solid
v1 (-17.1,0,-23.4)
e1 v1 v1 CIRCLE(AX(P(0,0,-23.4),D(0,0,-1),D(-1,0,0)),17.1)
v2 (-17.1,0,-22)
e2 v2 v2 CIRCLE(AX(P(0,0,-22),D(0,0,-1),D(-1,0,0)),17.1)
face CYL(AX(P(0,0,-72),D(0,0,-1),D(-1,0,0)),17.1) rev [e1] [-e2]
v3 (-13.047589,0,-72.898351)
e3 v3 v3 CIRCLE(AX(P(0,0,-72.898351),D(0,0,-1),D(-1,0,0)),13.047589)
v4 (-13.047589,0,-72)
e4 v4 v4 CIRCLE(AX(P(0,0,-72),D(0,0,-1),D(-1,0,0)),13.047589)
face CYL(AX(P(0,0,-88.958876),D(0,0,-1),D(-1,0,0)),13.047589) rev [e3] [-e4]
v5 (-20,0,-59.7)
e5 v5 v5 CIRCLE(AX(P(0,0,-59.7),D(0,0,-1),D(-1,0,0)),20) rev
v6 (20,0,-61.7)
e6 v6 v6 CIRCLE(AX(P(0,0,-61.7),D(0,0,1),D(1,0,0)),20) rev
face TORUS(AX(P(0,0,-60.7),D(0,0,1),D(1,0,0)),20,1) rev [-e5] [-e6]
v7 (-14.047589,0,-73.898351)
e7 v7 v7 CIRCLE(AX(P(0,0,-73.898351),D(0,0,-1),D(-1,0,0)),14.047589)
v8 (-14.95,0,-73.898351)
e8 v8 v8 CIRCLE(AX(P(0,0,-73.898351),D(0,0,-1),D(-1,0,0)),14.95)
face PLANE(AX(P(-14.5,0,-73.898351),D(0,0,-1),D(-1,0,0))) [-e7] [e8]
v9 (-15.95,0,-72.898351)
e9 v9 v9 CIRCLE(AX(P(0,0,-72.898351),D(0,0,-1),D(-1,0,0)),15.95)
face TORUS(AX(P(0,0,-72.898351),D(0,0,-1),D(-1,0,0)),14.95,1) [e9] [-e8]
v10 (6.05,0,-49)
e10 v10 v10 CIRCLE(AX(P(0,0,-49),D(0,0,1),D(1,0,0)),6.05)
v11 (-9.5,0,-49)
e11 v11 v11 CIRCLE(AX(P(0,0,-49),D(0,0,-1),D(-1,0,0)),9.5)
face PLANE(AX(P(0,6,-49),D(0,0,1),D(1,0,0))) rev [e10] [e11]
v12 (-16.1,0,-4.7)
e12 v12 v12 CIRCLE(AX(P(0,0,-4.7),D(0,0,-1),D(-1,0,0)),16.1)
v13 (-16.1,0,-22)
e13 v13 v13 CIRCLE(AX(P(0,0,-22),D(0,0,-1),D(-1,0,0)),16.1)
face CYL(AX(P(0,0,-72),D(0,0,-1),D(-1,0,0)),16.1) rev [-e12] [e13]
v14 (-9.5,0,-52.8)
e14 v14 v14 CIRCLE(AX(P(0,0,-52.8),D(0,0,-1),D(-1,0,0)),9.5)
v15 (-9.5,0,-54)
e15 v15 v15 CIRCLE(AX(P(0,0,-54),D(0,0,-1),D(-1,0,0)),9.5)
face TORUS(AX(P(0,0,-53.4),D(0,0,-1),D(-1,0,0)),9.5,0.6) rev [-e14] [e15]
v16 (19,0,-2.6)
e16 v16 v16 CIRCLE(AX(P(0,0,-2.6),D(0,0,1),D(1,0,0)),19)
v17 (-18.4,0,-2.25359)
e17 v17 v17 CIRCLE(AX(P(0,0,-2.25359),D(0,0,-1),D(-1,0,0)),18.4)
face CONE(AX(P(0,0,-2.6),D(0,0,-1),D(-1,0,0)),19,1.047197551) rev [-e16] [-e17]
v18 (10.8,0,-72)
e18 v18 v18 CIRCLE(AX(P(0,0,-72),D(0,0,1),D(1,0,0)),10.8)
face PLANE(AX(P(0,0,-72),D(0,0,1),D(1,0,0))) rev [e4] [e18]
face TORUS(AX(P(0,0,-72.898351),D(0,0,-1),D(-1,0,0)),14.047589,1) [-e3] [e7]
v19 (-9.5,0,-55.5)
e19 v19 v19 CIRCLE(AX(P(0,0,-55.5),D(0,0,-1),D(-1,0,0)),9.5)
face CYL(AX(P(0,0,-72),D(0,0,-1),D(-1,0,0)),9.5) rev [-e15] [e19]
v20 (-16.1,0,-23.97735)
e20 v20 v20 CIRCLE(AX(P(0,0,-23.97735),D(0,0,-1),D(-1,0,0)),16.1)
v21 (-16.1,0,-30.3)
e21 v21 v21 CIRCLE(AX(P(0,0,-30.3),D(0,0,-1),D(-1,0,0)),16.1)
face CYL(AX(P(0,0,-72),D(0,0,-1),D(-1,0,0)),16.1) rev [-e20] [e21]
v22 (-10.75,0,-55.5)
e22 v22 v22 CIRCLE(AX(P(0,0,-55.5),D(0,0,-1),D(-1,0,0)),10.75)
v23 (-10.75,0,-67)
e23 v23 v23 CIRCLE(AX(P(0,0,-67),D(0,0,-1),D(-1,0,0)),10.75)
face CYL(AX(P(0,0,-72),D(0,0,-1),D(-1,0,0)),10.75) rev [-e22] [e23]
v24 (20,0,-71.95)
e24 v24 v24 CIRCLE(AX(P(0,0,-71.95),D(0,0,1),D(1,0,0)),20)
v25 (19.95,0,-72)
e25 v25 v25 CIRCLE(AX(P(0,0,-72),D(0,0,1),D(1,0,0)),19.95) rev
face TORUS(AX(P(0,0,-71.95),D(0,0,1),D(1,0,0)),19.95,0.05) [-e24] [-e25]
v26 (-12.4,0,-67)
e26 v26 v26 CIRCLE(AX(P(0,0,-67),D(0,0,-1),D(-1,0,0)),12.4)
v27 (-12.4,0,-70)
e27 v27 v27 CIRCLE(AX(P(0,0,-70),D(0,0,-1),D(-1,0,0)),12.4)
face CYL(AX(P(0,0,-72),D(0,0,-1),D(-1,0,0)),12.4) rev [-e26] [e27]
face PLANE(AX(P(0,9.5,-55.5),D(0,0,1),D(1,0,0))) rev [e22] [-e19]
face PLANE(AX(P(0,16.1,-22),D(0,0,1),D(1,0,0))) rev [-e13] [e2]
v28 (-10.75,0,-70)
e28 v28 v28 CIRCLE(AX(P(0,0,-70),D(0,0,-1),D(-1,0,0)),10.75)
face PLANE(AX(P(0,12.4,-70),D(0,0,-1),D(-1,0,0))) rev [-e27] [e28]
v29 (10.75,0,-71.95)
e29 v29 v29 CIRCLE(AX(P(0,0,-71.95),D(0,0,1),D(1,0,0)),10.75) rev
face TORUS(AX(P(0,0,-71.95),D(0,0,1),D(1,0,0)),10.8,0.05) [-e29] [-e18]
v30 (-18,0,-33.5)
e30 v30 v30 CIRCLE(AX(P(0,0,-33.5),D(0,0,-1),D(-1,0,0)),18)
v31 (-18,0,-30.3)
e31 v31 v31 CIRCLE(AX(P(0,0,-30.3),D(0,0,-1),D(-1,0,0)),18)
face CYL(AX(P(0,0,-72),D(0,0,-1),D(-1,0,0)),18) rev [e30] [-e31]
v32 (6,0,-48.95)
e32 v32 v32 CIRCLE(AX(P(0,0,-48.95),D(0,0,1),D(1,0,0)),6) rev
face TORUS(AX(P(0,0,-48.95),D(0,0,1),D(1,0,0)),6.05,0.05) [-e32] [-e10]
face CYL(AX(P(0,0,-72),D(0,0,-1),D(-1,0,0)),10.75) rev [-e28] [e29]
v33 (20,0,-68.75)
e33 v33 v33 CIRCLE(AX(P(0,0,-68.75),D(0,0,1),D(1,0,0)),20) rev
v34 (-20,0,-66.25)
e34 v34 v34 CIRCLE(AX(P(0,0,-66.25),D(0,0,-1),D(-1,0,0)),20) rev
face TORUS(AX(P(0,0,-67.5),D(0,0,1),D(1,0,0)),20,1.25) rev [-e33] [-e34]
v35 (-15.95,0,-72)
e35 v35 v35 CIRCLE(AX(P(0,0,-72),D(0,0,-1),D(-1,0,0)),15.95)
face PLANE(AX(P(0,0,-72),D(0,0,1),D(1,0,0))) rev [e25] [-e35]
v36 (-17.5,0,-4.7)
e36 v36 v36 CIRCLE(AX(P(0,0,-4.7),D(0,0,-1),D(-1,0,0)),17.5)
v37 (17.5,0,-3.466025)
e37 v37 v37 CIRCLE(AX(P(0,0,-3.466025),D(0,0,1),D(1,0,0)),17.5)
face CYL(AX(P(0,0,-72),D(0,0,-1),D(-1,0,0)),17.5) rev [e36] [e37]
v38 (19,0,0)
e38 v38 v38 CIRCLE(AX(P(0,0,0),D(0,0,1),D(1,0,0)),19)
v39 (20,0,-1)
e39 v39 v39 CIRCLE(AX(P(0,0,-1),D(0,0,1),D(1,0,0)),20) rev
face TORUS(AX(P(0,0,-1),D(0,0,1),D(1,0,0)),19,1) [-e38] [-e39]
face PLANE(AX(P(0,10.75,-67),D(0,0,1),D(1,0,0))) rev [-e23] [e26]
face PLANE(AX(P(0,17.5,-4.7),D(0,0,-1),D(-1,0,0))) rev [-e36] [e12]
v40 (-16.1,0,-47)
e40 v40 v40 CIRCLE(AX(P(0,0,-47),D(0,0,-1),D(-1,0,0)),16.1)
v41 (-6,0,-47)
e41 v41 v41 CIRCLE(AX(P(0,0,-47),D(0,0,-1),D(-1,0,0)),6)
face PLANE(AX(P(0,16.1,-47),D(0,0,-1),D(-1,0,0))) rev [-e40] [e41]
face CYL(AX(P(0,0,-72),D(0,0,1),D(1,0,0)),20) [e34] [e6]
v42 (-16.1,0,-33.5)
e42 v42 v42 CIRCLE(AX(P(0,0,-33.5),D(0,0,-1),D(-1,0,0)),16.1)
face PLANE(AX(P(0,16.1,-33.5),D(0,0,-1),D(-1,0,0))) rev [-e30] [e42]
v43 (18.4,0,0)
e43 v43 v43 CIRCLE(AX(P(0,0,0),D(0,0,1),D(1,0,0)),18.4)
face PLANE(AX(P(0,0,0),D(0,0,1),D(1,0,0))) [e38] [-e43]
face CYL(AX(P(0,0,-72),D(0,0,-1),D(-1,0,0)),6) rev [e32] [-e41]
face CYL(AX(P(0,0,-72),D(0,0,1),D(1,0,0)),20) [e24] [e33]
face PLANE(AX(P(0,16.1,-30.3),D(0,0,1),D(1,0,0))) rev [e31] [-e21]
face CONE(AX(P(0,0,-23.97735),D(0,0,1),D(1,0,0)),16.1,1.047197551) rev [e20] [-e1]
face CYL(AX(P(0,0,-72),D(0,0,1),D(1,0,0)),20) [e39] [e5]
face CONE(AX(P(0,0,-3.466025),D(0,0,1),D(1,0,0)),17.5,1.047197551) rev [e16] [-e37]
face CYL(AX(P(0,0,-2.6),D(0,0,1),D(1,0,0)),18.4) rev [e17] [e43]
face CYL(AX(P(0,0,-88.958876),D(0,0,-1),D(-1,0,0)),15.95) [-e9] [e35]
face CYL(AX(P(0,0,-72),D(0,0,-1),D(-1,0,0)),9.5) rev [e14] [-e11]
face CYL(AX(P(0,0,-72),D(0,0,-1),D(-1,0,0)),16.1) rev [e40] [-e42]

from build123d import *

# Parameters (mm, degrees)
SKETCH_1_R          = 20
EXTRUDE_1_DEPTH     = 72
FILLET_2_R          = 1
SKETCH_6_R          = 18.4
CUT_EXTRUDE_1_DEPTH = 2.6
FILLET_3_R          = 0.05
SKETCH_8_R          = 1.25
SKETCH_8_R_2        = 1


with BuildPart() as part:
    # Эскиз1 → Бобышка-Вытянуть1 (new body)
    with BuildSketch(Plane.XY):
        Circle(SKETCH_1_R)
    extrude(amount=-EXTRUDE_1_DEPTH)

    # Эскиз4 → Вырез-Повернуть1 (revolve, cut)
    with BuildSketch(Plane(origin=(0, 0, 0), x_dir=(0, 0, -1), z_dir=(1, 0, 0)), mode=Mode.PRIVATE) as cut_revolve_1_sk:
        with BuildLine():
            Line((0, 0), (0, 17.5))
            Line((0, 17.5), (4.7, 17.5))
            Line((4.7, 17.5), (4.7, 16.1))
            Line((4.7, 16.1), (22, 16.1))
            Line((22, 16.1), (22, 17.1))
            Line((22, 17.1), (23.4, 17.1))
            Line((23.4, 17.1), (23.977350269, 16.1))
            Line((23.977350269, 16.1), (30.3, 16.1))
            Line((30.3, 16.1), (30.3, 18))
            Line((30.3, 18), (33.5, 18))
            Line((33.5, 18), (33.5, 16.1))
            Line((33.5, 16.1), (47, 16.1))
            Line((47, 16.1), (47, 6))
            Line((47, 6), (49, 6))
            Line((49, 6), (49, 9.5))
            Line((49, 9.5), (52.8, 9.5))
            ThreePointArc((52.8, 9.5), (53.4, 10.1), (54, 9.5))
            Line((54, 9.5), (55.5, 9.5))
            Line((55.5, 9.5), (55.5, 10.75))
            Line((55.5, 10.75), (67, 10.75))
            Line((67, 10.75), (67, 12.4))
            Line((67, 12.4), (70, 12.4))
            Line((70, 12.4), (70, 10.75))
            Line((70, 10.75), (72, 10.75))
            Line((72, 10.75), (72, 0))
            Line((72, 0), (0, 0))
        make_face()
    revolve(cut_revolve_1_sk.sketch.rotate(Axis((0, 0, -72), (0, 0, 1)), 90), axis=Axis((0, 0, -72), (0, 0, 1)), mode=Mode.SUBTRACT)

    # Эскиз5 → Вырез-Повернуть2 (revolve, cut)
    with BuildSketch(Plane(origin=(0, 0, 0), x_dir=(0, 0, -1), z_dir=(1, 0, 0)), mode=Mode.PRIVATE) as cut_revolve_2_sk:
        Polygon((3.466025404, 17.5), (1.733974596, 17.5), (2.6, 19), align=None)
    revolve(cut_revolve_2_sk.sketch.rotate(Axis((0, 0, 0), (0, 0, -1)), 270), axis=Axis((0, 0, 0), (0, 0, -1)), mode=Mode.SUBTRACT)

    # Скругление2
    fillet_2_edges = [part.edges().sort_by_distance(p)[0] for p in [
        (-20, 0, 0),
    ]]
    fillet(fillet_2_edges, radius=FILLET_2_R)

    # Эскиз6 → Вырез-Вытянуть1 (cut)
    with BuildSketch(Plane.XY):
        Circle(SKETCH_6_R)
    extrude(amount=-CUT_EXTRUDE_1_DEPTH, mode=Mode.SUBTRACT)

    # Скругление3
    fillet_3_edges = [part.edges().sort_by_distance(p)[0] for p in [
        (-20, 0, -72),
        (6, 0, -49),
        (10.75, 0, -72),
    ]]
    fillet(fillet_3_edges, radius=FILLET_3_R)

    # Эскиз7 → Повернуть1 (revolve)
    with BuildSketch(Plane(origin=(0, 0, 0), x_dir=(1, 0, 0), z_dir=(0, 1, 0))):
        with BuildLine():
            Line((-14.5, 72), (-15.95, 72))
            Line((-15.95, 72), (-15.95, 72.898350696))
            ThreePointArc((-15.95, 72.898350696), (-15.657106781, 73.605457478), (-14.95, 73.898350696))
            Line((-14.95, 73.898350696), (-14.5, 73.898350696))
            Line((-14.5, 73.898350696), (-14.047588603, 73.898350696))
            ThreePointArc((-14.047588603, 73.898350696), (-13.340481822, 73.605457478), (-13.047588603, 72.898350696))
            Line((-13.047588603, 72.898350696), (-13.047588603, 72))
            Line((-13.047588603, 72), (-14.5, 72))
        make_face()
    revolve(axis=Axis((0, 0, -88.958875933), (0, 0, 1)))

    # Эскиз8 → Вырез-Повернуть3 (revolve, cut)
    with BuildSketch(Plane(origin=(0, 0, 0), x_dir=(0, 0, -1), z_dir=(1, 0, 0)), mode=Mode.PRIVATE) as cut_revolve_3_sk:
        with Locations((67.5, 20)):
            Circle(SKETCH_8_R)
        with Locations((60.7, 20)):
            Circle(SKETCH_8_R_2)
    revolve(cut_revolve_3_sk.sketch.rotate(Axis((0, 0, 0), (0, 0, -1)), 90), axis=Axis((0, 0, 0), (0, 0, -1)), mode=Mode.SUBTRACT)


solid = part.part
